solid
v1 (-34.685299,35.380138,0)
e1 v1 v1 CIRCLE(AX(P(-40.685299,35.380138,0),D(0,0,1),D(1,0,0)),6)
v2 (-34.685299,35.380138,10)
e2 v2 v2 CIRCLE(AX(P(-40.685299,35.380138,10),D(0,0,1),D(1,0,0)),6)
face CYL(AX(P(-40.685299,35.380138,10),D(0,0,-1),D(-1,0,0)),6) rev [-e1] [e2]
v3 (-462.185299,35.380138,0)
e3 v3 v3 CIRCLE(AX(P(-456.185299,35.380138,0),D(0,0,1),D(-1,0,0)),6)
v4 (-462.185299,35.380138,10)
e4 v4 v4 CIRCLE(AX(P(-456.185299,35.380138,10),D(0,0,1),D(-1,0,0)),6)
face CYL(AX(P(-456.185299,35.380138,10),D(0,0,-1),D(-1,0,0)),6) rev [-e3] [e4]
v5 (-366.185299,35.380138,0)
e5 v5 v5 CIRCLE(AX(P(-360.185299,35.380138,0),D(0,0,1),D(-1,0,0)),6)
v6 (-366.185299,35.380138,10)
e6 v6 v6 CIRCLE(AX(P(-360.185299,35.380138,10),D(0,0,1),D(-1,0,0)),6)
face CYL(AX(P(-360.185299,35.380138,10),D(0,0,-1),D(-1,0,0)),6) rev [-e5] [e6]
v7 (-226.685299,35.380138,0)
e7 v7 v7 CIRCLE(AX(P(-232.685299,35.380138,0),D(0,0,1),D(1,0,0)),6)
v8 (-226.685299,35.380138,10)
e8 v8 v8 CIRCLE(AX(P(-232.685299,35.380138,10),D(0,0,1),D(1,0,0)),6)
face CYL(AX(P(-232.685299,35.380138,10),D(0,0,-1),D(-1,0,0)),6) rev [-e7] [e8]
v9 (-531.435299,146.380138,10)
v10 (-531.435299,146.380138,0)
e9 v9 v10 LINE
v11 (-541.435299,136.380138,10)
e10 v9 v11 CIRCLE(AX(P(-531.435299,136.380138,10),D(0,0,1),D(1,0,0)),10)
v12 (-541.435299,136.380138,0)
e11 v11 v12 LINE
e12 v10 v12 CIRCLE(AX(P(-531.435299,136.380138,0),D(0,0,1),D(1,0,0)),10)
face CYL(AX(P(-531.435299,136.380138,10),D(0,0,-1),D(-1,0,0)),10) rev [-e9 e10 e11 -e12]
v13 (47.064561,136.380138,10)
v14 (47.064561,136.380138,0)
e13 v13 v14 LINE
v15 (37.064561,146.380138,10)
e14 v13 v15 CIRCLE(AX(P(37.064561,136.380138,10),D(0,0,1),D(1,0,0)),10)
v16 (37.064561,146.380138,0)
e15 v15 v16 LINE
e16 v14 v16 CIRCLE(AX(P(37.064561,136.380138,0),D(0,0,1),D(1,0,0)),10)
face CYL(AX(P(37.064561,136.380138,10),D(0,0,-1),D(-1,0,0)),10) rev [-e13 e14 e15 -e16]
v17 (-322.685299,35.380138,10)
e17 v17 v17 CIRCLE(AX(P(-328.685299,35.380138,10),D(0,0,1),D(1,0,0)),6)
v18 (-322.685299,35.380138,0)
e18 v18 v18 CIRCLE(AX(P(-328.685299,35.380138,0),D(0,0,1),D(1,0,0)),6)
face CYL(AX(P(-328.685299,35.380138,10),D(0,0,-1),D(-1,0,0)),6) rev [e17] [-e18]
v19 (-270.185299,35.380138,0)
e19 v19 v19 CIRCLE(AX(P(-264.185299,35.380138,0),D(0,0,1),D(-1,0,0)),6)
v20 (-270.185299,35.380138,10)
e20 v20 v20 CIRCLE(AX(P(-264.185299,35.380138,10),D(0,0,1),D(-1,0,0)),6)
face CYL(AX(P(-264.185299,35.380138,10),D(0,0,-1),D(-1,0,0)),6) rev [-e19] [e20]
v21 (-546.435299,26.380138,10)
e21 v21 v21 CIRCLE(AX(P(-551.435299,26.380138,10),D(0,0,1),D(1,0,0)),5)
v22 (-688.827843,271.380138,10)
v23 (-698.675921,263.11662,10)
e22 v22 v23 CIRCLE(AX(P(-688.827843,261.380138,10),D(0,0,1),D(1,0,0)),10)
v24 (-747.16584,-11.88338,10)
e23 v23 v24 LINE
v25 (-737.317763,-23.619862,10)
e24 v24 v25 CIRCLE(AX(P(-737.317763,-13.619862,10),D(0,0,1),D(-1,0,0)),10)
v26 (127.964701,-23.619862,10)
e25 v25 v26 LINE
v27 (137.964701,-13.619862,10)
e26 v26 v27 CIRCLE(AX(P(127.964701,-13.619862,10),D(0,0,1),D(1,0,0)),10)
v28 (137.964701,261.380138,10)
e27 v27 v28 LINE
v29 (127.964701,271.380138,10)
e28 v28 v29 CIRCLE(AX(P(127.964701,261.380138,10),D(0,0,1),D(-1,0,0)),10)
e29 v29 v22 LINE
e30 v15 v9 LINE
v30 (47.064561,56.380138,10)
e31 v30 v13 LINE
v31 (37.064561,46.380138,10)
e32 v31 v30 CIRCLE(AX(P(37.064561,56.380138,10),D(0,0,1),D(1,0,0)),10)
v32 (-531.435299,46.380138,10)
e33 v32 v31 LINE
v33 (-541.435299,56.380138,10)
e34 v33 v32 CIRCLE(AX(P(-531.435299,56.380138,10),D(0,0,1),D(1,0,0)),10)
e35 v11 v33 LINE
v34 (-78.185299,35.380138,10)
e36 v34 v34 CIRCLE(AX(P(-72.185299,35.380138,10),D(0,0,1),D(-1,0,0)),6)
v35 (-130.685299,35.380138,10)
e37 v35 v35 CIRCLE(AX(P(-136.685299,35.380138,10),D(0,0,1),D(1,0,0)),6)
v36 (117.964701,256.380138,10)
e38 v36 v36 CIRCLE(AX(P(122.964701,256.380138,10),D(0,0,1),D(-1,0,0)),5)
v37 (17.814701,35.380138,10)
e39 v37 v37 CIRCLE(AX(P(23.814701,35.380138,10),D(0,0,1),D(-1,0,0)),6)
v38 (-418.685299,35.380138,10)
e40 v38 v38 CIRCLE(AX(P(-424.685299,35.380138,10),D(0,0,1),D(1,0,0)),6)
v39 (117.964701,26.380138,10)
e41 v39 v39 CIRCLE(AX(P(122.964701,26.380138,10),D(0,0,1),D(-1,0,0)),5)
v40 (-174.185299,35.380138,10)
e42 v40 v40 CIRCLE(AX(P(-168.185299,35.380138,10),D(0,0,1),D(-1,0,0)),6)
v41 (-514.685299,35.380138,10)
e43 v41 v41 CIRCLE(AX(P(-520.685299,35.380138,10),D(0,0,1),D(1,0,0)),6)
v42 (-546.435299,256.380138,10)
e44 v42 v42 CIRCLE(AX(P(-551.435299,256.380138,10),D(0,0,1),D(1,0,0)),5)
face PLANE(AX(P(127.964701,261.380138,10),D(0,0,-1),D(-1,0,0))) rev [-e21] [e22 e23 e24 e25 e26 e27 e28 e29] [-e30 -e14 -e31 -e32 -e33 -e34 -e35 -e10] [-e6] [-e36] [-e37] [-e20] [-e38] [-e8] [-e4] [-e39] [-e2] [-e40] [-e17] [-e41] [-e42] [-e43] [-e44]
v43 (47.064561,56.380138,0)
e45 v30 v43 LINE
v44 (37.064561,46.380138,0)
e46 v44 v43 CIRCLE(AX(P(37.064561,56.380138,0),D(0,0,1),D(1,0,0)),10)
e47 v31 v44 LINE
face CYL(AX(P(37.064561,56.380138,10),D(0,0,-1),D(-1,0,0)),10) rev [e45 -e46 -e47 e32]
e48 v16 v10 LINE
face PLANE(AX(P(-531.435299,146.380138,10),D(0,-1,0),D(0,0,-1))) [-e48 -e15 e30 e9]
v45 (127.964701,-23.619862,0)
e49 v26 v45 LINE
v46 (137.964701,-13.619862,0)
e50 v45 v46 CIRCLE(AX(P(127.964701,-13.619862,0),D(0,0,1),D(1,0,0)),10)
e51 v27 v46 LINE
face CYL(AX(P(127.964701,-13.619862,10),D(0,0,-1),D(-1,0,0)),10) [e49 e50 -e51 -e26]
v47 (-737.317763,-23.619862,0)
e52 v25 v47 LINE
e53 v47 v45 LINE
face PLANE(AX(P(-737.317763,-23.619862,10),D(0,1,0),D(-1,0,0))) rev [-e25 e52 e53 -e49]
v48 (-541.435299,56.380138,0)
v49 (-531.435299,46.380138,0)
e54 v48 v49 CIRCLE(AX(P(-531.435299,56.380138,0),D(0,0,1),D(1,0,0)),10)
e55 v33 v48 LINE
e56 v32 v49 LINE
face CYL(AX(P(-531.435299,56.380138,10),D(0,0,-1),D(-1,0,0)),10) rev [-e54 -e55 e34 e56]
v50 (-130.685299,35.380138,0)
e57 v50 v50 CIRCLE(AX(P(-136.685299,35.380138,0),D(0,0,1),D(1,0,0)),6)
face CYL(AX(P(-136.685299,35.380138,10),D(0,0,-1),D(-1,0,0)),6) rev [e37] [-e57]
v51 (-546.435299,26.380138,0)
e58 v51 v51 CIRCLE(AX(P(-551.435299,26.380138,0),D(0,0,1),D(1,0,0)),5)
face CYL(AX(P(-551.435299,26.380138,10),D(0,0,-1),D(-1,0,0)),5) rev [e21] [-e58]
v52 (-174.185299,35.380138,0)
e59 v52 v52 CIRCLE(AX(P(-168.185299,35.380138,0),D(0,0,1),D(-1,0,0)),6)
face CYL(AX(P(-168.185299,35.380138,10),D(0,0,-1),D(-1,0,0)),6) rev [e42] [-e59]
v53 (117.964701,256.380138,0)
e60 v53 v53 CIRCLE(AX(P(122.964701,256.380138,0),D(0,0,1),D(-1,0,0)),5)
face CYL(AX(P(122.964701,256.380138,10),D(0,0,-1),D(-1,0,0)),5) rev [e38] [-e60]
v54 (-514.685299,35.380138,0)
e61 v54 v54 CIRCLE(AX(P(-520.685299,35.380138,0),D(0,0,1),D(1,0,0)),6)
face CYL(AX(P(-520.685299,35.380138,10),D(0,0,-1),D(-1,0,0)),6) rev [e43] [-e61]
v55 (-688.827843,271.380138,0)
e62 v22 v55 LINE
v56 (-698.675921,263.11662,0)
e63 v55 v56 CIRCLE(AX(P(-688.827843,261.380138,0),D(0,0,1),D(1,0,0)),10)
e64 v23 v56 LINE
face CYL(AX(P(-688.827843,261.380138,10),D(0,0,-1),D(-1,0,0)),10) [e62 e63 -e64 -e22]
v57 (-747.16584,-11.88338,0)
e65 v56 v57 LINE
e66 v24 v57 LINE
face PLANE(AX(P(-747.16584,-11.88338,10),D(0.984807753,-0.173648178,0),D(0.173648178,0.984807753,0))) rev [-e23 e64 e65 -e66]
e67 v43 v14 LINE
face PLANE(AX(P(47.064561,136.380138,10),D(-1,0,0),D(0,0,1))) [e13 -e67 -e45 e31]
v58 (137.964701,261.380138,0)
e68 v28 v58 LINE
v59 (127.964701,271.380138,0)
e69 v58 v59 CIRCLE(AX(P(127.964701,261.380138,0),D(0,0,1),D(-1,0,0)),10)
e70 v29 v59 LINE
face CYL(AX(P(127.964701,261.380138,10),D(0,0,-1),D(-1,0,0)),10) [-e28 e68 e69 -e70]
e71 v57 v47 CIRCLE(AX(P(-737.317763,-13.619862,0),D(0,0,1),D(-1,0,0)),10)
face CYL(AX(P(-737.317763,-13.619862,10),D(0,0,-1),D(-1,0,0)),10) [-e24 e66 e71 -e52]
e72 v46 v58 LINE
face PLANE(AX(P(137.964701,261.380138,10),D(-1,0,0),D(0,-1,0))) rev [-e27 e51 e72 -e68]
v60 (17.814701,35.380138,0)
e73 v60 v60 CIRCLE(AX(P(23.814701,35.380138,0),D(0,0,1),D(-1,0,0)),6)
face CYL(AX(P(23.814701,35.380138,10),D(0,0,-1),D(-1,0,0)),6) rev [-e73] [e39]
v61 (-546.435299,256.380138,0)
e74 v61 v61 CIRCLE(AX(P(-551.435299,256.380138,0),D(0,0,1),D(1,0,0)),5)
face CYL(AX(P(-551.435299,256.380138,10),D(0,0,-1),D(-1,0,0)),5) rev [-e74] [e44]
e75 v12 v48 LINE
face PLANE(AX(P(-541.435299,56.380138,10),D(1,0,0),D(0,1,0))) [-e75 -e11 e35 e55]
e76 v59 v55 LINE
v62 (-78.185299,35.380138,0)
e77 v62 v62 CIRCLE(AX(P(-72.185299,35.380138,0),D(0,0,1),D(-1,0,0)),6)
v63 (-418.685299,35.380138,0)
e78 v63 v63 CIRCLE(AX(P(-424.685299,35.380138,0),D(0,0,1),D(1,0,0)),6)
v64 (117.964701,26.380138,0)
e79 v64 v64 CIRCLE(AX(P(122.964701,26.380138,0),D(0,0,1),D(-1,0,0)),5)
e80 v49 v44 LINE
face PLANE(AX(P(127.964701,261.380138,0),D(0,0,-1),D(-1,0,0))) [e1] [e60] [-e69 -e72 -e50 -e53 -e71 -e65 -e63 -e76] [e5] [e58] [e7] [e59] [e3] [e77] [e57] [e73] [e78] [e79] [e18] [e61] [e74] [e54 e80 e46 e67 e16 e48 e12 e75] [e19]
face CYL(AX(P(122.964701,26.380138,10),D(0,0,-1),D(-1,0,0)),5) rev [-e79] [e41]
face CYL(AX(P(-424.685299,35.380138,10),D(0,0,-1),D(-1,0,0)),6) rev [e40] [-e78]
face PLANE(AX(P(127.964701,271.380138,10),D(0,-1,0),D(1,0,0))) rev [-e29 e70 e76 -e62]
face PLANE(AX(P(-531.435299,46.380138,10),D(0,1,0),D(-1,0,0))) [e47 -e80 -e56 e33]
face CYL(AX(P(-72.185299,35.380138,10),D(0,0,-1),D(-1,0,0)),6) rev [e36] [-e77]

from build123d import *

# Parameters (mm, degrees)
SKETCH2_R           = 5
SKETCH2_R_2         = 6
BOSS_EXTRUDE1_DEPTH = 10


with BuildPart() as part:
    # Sketch2 → Boss-Extrude1 (new body)
    with BuildSketch(Plane.XY):
        with BuildLine():
            Line((-737.317762878, -23.619861577), (127.964701196, -23.619861577))
            ThreePointArc((127.964701196, -23.619861577), (135.035769008, -20.690929389), (137.964701196, -13.619861577))
            Line((137.964701196, -13.619861577), (137.964701196, 261.380138423))
            ThreePointArc((137.964701196, 261.380138423), (135.035769008, 268.451206235), (127.964701196, 271.380138423))
            Line((127.964701196, 271.380138423), (-688.827843183, 271.380138423))
            ThreePointArc((-688.827843183, 271.380138423), (-695.25571928, 269.040582854), (-698.675920713, 263.116620199))
            Line((-698.675920713, 263.116620199), (-747.165840408, -11.883379801))
            ThreePointArc((-747.165840408, -11.883379801), (-744.978207309, -20.047737674), (-737.317762878, -23.619861577))
        make_face()
        with Locations(Location((122.964701196, 256.380138423, 0), (0, 0, 180))):
            Circle(SKETCH2_R, mode=Mode.SUBTRACT)
        with Locations((-520.685298804, 35.380138423)):
            Circle(SKETCH2_R_2, mode=Mode.SUBTRACT)
        with Locations(Location((122.964701196, 26.380138423, 0), (0, 0, 180))):
            Circle(SKETCH2_R, mode=Mode.SUBTRACT)
        with Locations((-551.435298804, 256.380138423)):
            Circle(SKETCH2_R, mode=Mode.SUBTRACT)
        with Locations(Location((-456.185298804, 35.380138423, 0), (0, 0, 180))):
            Circle(SKETCH2_R_2, mode=Mode.SUBTRACT)
        with Locations((-424.685298804, 35.380138423)):
            Circle(SKETCH2_R_2, mode=Mode.SUBTRACT)
        with Locations(Location((-360.185298804, 35.380138423, 0), (0, 0, 180))):
            Circle(SKETCH2_R_2, mode=Mode.SUBTRACT)
        with Locations((-328.685298804, 35.380138423)):
            Circle(SKETCH2_R_2, mode=Mode.SUBTRACT)
        with Locations(Location((-264.185298804, 35.380138423, 0), (0, 0, 180))):
            Circle(SKETCH2_R_2, mode=Mode.SUBTRACT)
        with Locations((-232.685298804, 35.380138423)):
            Circle(SKETCH2_R_2, mode=Mode.SUBTRACT)
        with Locations(Location((-168.185298804, 35.380138423, 0), (0, 0, 180))):
            Circle(SKETCH2_R_2, mode=Mode.SUBTRACT)
        with Locations((-136.685298804, 35.380138423)):
            Circle(SKETCH2_R_2, mode=Mode.SUBTRACT)
        with Locations(Location((-72.185298804, 35.380138423, 0), (0, 0, 180))):
            Circle(SKETCH2_R_2, mode=Mode.SUBTRACT)
        with Locations((-551.435298804, 26.380138423)):
            Circle(SKETCH2_R, mode=Mode.SUBTRACT)
        with Locations((-40.685298804, 35.380138423)):
            Circle(SKETCH2_R_2, mode=Mode.SUBTRACT)
        with Locations(Location((23.814701196, 35.380138423, 0), (0, 0, 180))):
            Circle(SKETCH2_R_2, mode=Mode.SUBTRACT)
        with BuildLine():
            Line((-531.435298804, 46.380138423), (37.064561069, 46.380138423))
            ThreePointArc((37.064561069, 46.380138423), (44.135628881, 49.309070611), (47.064561069, 56.380138423))
            Line((47.064561069, 56.380138423), (47.064561069, 136.380138423))
            ThreePointArc((47.064561069, 136.380138423), (44.135628881, 143.451206235), (37.064561069, 146.380138423))
            Line((37.064561069, 146.380138423), (-531.435298804, 146.380138423))
            ThreePointArc((-531.435298804, 146.380138423), (-538.506366616, 143.451206235), (-541.435298804, 136.380138423))
            Line((-541.435298804, 136.380138423), (-541.435298804, 56.380138423))
            ThreePointArc((-541.435298804, 56.380138423), (-538.506366616, 49.309070611), (-531.435298804, 46.380138423))
        make_face(mode=Mode.SUBTRACT)
    extrude(amount=BOSS_EXTRUDE1_DEPTH)


solid = part.part
